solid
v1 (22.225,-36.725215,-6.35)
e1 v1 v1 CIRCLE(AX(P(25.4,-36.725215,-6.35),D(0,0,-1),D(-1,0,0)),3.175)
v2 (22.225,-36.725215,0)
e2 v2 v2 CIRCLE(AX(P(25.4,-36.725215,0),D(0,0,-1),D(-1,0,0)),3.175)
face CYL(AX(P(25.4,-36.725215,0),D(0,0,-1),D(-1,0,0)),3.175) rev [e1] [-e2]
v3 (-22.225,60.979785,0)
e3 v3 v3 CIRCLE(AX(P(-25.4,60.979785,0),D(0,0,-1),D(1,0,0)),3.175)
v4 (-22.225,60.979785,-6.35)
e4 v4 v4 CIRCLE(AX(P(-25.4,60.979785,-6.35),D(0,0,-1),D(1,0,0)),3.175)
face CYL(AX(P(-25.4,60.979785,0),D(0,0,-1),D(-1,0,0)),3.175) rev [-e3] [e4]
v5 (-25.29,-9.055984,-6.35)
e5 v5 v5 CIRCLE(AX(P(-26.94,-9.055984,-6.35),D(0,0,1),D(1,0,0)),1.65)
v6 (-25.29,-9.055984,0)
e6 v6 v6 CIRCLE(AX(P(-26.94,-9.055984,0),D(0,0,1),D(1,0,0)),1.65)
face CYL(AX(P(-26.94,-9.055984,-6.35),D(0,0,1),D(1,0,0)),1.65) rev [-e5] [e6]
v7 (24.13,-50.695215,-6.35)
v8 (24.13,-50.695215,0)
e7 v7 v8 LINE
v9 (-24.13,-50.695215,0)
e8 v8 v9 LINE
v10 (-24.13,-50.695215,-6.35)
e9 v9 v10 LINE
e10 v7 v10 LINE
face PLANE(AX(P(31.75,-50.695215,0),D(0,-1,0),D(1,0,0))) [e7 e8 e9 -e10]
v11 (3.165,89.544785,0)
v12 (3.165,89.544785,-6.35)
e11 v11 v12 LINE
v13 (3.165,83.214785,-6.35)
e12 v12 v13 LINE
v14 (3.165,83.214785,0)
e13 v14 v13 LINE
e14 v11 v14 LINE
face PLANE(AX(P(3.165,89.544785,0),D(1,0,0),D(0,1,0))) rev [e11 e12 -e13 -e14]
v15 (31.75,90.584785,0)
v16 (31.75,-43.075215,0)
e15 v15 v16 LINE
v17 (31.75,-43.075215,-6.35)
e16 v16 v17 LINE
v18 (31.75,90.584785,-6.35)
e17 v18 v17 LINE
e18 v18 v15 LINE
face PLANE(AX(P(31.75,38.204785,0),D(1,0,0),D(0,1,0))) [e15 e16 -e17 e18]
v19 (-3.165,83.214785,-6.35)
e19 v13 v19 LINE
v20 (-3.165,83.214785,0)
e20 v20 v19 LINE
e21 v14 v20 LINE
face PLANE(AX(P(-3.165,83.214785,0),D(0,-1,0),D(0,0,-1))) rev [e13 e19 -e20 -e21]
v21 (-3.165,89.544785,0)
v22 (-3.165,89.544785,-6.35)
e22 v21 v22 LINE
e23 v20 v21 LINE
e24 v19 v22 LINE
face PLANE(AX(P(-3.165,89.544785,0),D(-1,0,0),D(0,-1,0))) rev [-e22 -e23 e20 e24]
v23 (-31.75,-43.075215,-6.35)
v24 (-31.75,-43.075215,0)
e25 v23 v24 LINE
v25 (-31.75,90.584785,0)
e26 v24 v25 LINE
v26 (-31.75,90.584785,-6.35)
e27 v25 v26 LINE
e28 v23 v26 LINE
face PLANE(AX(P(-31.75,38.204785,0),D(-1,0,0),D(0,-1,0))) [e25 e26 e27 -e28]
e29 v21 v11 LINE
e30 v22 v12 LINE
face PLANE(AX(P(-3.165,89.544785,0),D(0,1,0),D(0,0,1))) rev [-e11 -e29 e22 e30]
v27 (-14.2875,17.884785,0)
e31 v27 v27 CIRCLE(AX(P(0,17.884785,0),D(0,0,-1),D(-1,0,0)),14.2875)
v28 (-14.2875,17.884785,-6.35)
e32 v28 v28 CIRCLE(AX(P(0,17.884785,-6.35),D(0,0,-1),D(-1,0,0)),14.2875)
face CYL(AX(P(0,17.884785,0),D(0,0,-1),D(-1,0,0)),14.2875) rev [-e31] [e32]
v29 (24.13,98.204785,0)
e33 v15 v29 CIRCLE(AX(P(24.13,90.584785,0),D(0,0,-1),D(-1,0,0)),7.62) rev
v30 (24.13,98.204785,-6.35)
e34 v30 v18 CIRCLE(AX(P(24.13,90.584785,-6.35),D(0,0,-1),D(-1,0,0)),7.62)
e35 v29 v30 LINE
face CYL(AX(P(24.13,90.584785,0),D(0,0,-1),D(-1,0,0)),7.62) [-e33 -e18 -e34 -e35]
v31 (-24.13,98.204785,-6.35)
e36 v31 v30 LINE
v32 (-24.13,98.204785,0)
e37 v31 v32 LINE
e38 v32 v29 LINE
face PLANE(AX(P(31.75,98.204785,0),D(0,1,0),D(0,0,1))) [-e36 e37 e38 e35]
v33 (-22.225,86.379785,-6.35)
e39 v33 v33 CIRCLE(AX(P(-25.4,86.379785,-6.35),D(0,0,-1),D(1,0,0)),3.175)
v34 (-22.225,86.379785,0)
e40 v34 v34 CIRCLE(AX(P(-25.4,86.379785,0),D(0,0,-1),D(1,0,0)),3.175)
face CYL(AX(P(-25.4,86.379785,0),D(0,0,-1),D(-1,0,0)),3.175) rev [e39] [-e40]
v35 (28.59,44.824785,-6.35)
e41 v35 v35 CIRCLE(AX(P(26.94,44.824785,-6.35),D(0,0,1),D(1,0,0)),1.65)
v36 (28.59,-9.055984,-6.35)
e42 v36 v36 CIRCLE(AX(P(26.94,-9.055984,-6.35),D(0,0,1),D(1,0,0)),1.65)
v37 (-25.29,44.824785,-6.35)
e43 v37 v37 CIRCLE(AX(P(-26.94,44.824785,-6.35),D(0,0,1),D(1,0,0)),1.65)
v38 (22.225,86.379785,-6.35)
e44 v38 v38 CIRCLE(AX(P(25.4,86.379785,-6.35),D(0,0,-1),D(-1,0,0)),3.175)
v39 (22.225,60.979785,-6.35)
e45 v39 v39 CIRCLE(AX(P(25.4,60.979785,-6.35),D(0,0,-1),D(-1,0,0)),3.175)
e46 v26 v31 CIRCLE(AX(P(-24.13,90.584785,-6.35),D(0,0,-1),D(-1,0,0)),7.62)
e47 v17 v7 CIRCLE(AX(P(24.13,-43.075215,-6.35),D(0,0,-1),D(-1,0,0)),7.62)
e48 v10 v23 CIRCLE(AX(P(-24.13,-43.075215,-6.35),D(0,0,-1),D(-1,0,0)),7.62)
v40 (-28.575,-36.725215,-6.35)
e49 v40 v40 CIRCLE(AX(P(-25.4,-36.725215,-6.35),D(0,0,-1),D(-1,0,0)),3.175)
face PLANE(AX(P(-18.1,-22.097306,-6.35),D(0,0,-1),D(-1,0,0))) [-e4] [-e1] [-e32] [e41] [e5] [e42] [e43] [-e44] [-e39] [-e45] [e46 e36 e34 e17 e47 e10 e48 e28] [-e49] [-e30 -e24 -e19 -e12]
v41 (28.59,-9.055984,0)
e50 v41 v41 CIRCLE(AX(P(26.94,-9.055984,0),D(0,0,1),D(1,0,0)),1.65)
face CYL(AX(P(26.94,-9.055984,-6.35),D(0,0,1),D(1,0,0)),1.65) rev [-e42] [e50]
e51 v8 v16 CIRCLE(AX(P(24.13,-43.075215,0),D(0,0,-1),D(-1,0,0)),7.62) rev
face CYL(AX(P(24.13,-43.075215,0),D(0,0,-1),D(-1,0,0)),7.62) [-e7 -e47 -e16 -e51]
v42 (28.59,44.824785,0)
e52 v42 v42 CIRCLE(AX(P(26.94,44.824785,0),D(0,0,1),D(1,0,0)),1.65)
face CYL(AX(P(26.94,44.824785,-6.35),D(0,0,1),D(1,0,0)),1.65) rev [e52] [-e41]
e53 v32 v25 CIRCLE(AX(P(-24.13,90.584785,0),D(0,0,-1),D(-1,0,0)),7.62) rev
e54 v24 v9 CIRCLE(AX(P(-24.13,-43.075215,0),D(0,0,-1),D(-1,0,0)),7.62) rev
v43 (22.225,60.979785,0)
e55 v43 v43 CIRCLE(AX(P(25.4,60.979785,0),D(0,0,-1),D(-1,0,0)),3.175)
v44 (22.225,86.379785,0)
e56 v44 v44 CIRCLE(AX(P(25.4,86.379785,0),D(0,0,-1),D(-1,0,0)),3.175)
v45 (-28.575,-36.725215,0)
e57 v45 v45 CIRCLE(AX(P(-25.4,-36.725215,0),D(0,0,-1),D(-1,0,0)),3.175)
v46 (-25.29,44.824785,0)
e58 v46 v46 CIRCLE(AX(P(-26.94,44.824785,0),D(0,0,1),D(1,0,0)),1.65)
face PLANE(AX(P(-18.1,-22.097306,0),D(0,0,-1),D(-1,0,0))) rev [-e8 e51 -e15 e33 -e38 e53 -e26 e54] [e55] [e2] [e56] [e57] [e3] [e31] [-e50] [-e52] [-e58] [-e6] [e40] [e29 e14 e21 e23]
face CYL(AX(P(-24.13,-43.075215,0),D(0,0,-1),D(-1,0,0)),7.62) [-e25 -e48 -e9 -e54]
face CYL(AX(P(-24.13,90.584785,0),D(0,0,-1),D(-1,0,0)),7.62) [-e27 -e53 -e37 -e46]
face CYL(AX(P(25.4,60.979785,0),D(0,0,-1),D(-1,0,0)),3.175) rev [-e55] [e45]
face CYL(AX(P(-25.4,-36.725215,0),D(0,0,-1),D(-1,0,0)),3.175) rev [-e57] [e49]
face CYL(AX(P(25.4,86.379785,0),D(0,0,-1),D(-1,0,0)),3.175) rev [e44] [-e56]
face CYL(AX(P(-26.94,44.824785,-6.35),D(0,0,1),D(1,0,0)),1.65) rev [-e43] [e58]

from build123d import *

# Parameters (mm, degrees)
BOSS_EXTRUDE1_DEPTH = 6.35
SKETCH2_R           = 1.35
SKETCH2_R_2         = 1.385
CUT_EXTRUDE1_DEPTH  = 38.116505762
SKETCH3_W           = 63.5
SKETCH3_H           = 88.9
SKETCH3_W_2         = 38.321076004
SKETCH3_H_2         = 47.237540142
BOSS_EXTRUDE2_DEPTH = 6.35
SKETCH5_W           = 27.94
SKETCH5_H           = 55.88
CUT_EXTRUDE3_DEPTH  = 61.153053743
SKETCH6_R           = 3.175
CUT_EXTRUDE4_DEPTH  = 61.153053743
SKETCH7_W           = 41.724968974
SKETCH7_H           = 57.858351452
BOSS_EXTRUDE3_DEPTH = 6.35
SKETCH8_R           = 14.2875
CUT_EXTRUDE5_DEPTH  = 6.35
SKETCH10_W          = 63.5
SKETCH10_H          = 60
SKETCH10_R          = 3.175
SKETCH10_W_2        = 6.33
SKETCH10_H_2        = 6.33
BOSS_EXTRUDE4_DEPTH = 6.35
FILLET1_R           = 7.62
SKETCH11_R          = 1.65
CUT_EXTRUDE6_DEPTH  = 104.404858197


with BuildPart() as part:
    # Sketch1 → Boss-Extrude1 (new body)
    with BuildSketch(Plane.XY):
        with BuildLine():
            Line((-19.69889026, 23.2987845), (-14.850045261, 29.75147823))
            ThreePointArc((-14.850045261, 29.75147823), (-14.144755454, 30.339267512), (-13.251155001, 30.55))
            Line((-13.251155001, 30.55), (13.251155001, 30.55))
            ThreePointArc((13.251155001, 30.55), (14.144755454, 30.339267512), (14.850045261, 29.75147823))
            Line((14.850045261, 29.75147823), (19.69889026, 23.2987845))
            ThreePointArc((19.69889026, 23.2987845), (19.997074131, 22.730638521), (20.1, 22.09730627))
            Line((20.1, 22.09730627), (20.1, -22.09730627))
            ThreePointArc((20.1, -22.09730627), (19.997074131, -22.730638521), (19.69889026, -23.2987845))
            Line((19.69889026, -23.2987845), (14.850045261, -29.75147823))
            ThreePointArc((14.850045261, -29.75147823), (14.144755454, -30.339267512), (13.251155001, -30.55))
            Line((13.251155001, -30.55), (-13.251155001, -30.55))
            ThreePointArc((-13.251155001, -30.55), (-14.144755454, -30.339267512), (-14.850045261, -29.75147823))
            Line((-14.850045261, -29.75147823), (-19.69889026, -23.2987845))
            ThreePointArc((-19.69889026, -23.2987845), (-19.997074131, -22.730638521), (-20.1, -22.09730627))
            Line((-20.1, -22.09730627), (-20.1, 22.09730627))
            ThreePointArc((-20.1, 22.09730627), (-19.997074131, 22.730638521), (-19.69889026, 23.2987845))
        make_face()
    extrude(amount=-BOSS_EXTRUDE1_DEPTH)

    # Sketch2 → Cut-Extrude1 (cut, through all)
    with BuildSketch(Plane(origin=(0, 0, -6.35), x_dir=(-1, 0, 0), z_dir=(0, 0, -1))):
        with Locations((17.3, 21.9487845)):
            Circle(SKETCH2_R)
        with Locations((17.3, -0.0512155)):
            Circle(SKETCH2_R)
        with Locations((17.3, -22.0512155)):
            Circle(SKETCH2_R)
        with Locations((11, -27.75)):
            Circle(SKETCH2_R_2)
        with Locations(Location((-11, -27.75, 0), (0, 0, 180))):
            Circle(SKETCH2_R_2)
        with Locations(Location((-17.3, -22.0512155, 0), (0, 0, 180))):
            Circle(SKETCH2_R)
        with Locations(Location((-17.3, -0.0512155, 0), (0, 0, 180))):
            Circle(SKETCH2_R)
        with Locations(Location((-17.3, 21.9487845, 0), (0, 0, 180))):
            Circle(SKETCH2_R)
    extrude(amount=-CUT_EXTRUDE1_DEPTH, mode=Mode.SUBTRACT)

    # Sketch3 → Boss-Extrude2 (add)
    with BuildSketch(Plane(origin=(0, 0, -6.35), x_dir=(-1, 0, 0), z_dir=(0, 0, -1))):
        with Locations((0, -6.2452155)):
            Rectangle(SKETCH3_W, SKETCH3_H)
        Rectangle(SKETCH3_W_2, SKETCH3_H_2, mode=Mode.SUBTRACT)
    extrude(amount=-BOSS_EXTRUDE2_DEPTH)

    # Sketch5 → Cut-Extrude3 (cut, through all)
    with BuildSketch(Plane.XY):
        with Locations((0, 3.0087845)):
            Rectangle(SKETCH5_W, SKETCH5_H)
    extrude(amount=-CUT_EXTRUDE3_DEPTH, mode=Mode.SUBTRACT)

    # Sketch6 → Cut-Extrude4 (cut, through all)
    with BuildSketch(Plane(origin=(0, 0, -6.35), x_dir=(-1, 0, 0), z_dir=(0, 0, -1))):
        with Locations((-25.4, -36.7252155)):
            Circle(SKETCH6_R)
        with Locations((25.4, -36.7252155)):
            Circle(SKETCH6_R)
    extrude(amount=-CUT_EXTRUDE4_DEPTH, mode=Mode.SUBTRACT)

    # Sketch7 → Boss-Extrude3 (add)
    with BuildSketch(Plane(origin=(0, 0, -6.35), x_dir=(-1, 0, 0), z_dir=(0, 0, -1))):
        with Locations((0, 3.16744248)):
            Rectangle(SKETCH7_W, SKETCH7_H)
    extrude(amount=-BOSS_EXTRUDE3_DEPTH)

    # Sketch8 → Cut-Extrude5 (cut)
    with BuildSketch(Plane(origin=(0, 0, -6.35), x_dir=(-1, 0, 0), z_dir=(0, 0, -1))):
        with Locations((0, 17.8847845)):
            Circle(SKETCH8_R)
    extrude(amount=-CUT_EXTRUDE5_DEPTH, mode=Mode.SUBTRACT)

    # Sketch10 → Boss-Extrude4 (add)
    with BuildSketch(Plane(origin=(0, 0, -6.35), x_dir=(-1, 0, 0), z_dir=(0, 0, -1))):
        with Locations((0, 68.2047845)):
            Rectangle(SKETCH10_W, SKETCH10_H)
        with Locations((-25.4, 86.3797845)):
            Circle(SKETCH10_R, mode=Mode.SUBTRACT)
        with Locations((-25.4, 60.9797845)):
            Circle(SKETCH10_R, mode=Mode.SUBTRACT)
        with Locations(Location((25.4, 60.9797845, 0), (0, 0, 180))):
            Circle(SKETCH10_R, mode=Mode.SUBTRACT)
        with Locations(Location((25.4, 86.3797845, 0), (0, 0, 180))):
            Circle(SKETCH10_R, mode=Mode.SUBTRACT)
        with Locations((0, 86.3797845)):
            Rectangle(SKETCH10_W_2, SKETCH10_H_2, mode=Mode.SUBTRACT)
    extrude(amount=-BOSS_EXTRUDE4_DEPTH)

    # Fillet1
    fillet1_edges = [part.edges().sort_by_distance(p)[0] for p in [
        (31.75, 98.2047845, -3.175),
        (-31.75, 98.2047845, -3.175),
        (-31.75, -50.6952155, -3.175),
        (31.75, -50.6952155, -3.175),
    ]]
    fillet(fillet1_edges, radius=FILLET1_R)

    # Sketch11 → Cut-Extrude6 (cut, through all)
    with BuildSketch(Plane.XY):
        with Locations((-26.94, 44.8247845)):
            Circle(SKETCH11_R)
        with Locations((26.94, 44.8247845)):
            Circle(SKETCH11_R)
        with Locations((-26.94, -9.055983818)):
            Circle(SKETCH11_R)
        with Locations((26.94, -9.055983818)):
            Circle(SKETCH11_R)
    extrude(amount=-CUT_EXTRUDE6_DEPTH, mode=Mode.SUBTRACT)


solid = part.part
